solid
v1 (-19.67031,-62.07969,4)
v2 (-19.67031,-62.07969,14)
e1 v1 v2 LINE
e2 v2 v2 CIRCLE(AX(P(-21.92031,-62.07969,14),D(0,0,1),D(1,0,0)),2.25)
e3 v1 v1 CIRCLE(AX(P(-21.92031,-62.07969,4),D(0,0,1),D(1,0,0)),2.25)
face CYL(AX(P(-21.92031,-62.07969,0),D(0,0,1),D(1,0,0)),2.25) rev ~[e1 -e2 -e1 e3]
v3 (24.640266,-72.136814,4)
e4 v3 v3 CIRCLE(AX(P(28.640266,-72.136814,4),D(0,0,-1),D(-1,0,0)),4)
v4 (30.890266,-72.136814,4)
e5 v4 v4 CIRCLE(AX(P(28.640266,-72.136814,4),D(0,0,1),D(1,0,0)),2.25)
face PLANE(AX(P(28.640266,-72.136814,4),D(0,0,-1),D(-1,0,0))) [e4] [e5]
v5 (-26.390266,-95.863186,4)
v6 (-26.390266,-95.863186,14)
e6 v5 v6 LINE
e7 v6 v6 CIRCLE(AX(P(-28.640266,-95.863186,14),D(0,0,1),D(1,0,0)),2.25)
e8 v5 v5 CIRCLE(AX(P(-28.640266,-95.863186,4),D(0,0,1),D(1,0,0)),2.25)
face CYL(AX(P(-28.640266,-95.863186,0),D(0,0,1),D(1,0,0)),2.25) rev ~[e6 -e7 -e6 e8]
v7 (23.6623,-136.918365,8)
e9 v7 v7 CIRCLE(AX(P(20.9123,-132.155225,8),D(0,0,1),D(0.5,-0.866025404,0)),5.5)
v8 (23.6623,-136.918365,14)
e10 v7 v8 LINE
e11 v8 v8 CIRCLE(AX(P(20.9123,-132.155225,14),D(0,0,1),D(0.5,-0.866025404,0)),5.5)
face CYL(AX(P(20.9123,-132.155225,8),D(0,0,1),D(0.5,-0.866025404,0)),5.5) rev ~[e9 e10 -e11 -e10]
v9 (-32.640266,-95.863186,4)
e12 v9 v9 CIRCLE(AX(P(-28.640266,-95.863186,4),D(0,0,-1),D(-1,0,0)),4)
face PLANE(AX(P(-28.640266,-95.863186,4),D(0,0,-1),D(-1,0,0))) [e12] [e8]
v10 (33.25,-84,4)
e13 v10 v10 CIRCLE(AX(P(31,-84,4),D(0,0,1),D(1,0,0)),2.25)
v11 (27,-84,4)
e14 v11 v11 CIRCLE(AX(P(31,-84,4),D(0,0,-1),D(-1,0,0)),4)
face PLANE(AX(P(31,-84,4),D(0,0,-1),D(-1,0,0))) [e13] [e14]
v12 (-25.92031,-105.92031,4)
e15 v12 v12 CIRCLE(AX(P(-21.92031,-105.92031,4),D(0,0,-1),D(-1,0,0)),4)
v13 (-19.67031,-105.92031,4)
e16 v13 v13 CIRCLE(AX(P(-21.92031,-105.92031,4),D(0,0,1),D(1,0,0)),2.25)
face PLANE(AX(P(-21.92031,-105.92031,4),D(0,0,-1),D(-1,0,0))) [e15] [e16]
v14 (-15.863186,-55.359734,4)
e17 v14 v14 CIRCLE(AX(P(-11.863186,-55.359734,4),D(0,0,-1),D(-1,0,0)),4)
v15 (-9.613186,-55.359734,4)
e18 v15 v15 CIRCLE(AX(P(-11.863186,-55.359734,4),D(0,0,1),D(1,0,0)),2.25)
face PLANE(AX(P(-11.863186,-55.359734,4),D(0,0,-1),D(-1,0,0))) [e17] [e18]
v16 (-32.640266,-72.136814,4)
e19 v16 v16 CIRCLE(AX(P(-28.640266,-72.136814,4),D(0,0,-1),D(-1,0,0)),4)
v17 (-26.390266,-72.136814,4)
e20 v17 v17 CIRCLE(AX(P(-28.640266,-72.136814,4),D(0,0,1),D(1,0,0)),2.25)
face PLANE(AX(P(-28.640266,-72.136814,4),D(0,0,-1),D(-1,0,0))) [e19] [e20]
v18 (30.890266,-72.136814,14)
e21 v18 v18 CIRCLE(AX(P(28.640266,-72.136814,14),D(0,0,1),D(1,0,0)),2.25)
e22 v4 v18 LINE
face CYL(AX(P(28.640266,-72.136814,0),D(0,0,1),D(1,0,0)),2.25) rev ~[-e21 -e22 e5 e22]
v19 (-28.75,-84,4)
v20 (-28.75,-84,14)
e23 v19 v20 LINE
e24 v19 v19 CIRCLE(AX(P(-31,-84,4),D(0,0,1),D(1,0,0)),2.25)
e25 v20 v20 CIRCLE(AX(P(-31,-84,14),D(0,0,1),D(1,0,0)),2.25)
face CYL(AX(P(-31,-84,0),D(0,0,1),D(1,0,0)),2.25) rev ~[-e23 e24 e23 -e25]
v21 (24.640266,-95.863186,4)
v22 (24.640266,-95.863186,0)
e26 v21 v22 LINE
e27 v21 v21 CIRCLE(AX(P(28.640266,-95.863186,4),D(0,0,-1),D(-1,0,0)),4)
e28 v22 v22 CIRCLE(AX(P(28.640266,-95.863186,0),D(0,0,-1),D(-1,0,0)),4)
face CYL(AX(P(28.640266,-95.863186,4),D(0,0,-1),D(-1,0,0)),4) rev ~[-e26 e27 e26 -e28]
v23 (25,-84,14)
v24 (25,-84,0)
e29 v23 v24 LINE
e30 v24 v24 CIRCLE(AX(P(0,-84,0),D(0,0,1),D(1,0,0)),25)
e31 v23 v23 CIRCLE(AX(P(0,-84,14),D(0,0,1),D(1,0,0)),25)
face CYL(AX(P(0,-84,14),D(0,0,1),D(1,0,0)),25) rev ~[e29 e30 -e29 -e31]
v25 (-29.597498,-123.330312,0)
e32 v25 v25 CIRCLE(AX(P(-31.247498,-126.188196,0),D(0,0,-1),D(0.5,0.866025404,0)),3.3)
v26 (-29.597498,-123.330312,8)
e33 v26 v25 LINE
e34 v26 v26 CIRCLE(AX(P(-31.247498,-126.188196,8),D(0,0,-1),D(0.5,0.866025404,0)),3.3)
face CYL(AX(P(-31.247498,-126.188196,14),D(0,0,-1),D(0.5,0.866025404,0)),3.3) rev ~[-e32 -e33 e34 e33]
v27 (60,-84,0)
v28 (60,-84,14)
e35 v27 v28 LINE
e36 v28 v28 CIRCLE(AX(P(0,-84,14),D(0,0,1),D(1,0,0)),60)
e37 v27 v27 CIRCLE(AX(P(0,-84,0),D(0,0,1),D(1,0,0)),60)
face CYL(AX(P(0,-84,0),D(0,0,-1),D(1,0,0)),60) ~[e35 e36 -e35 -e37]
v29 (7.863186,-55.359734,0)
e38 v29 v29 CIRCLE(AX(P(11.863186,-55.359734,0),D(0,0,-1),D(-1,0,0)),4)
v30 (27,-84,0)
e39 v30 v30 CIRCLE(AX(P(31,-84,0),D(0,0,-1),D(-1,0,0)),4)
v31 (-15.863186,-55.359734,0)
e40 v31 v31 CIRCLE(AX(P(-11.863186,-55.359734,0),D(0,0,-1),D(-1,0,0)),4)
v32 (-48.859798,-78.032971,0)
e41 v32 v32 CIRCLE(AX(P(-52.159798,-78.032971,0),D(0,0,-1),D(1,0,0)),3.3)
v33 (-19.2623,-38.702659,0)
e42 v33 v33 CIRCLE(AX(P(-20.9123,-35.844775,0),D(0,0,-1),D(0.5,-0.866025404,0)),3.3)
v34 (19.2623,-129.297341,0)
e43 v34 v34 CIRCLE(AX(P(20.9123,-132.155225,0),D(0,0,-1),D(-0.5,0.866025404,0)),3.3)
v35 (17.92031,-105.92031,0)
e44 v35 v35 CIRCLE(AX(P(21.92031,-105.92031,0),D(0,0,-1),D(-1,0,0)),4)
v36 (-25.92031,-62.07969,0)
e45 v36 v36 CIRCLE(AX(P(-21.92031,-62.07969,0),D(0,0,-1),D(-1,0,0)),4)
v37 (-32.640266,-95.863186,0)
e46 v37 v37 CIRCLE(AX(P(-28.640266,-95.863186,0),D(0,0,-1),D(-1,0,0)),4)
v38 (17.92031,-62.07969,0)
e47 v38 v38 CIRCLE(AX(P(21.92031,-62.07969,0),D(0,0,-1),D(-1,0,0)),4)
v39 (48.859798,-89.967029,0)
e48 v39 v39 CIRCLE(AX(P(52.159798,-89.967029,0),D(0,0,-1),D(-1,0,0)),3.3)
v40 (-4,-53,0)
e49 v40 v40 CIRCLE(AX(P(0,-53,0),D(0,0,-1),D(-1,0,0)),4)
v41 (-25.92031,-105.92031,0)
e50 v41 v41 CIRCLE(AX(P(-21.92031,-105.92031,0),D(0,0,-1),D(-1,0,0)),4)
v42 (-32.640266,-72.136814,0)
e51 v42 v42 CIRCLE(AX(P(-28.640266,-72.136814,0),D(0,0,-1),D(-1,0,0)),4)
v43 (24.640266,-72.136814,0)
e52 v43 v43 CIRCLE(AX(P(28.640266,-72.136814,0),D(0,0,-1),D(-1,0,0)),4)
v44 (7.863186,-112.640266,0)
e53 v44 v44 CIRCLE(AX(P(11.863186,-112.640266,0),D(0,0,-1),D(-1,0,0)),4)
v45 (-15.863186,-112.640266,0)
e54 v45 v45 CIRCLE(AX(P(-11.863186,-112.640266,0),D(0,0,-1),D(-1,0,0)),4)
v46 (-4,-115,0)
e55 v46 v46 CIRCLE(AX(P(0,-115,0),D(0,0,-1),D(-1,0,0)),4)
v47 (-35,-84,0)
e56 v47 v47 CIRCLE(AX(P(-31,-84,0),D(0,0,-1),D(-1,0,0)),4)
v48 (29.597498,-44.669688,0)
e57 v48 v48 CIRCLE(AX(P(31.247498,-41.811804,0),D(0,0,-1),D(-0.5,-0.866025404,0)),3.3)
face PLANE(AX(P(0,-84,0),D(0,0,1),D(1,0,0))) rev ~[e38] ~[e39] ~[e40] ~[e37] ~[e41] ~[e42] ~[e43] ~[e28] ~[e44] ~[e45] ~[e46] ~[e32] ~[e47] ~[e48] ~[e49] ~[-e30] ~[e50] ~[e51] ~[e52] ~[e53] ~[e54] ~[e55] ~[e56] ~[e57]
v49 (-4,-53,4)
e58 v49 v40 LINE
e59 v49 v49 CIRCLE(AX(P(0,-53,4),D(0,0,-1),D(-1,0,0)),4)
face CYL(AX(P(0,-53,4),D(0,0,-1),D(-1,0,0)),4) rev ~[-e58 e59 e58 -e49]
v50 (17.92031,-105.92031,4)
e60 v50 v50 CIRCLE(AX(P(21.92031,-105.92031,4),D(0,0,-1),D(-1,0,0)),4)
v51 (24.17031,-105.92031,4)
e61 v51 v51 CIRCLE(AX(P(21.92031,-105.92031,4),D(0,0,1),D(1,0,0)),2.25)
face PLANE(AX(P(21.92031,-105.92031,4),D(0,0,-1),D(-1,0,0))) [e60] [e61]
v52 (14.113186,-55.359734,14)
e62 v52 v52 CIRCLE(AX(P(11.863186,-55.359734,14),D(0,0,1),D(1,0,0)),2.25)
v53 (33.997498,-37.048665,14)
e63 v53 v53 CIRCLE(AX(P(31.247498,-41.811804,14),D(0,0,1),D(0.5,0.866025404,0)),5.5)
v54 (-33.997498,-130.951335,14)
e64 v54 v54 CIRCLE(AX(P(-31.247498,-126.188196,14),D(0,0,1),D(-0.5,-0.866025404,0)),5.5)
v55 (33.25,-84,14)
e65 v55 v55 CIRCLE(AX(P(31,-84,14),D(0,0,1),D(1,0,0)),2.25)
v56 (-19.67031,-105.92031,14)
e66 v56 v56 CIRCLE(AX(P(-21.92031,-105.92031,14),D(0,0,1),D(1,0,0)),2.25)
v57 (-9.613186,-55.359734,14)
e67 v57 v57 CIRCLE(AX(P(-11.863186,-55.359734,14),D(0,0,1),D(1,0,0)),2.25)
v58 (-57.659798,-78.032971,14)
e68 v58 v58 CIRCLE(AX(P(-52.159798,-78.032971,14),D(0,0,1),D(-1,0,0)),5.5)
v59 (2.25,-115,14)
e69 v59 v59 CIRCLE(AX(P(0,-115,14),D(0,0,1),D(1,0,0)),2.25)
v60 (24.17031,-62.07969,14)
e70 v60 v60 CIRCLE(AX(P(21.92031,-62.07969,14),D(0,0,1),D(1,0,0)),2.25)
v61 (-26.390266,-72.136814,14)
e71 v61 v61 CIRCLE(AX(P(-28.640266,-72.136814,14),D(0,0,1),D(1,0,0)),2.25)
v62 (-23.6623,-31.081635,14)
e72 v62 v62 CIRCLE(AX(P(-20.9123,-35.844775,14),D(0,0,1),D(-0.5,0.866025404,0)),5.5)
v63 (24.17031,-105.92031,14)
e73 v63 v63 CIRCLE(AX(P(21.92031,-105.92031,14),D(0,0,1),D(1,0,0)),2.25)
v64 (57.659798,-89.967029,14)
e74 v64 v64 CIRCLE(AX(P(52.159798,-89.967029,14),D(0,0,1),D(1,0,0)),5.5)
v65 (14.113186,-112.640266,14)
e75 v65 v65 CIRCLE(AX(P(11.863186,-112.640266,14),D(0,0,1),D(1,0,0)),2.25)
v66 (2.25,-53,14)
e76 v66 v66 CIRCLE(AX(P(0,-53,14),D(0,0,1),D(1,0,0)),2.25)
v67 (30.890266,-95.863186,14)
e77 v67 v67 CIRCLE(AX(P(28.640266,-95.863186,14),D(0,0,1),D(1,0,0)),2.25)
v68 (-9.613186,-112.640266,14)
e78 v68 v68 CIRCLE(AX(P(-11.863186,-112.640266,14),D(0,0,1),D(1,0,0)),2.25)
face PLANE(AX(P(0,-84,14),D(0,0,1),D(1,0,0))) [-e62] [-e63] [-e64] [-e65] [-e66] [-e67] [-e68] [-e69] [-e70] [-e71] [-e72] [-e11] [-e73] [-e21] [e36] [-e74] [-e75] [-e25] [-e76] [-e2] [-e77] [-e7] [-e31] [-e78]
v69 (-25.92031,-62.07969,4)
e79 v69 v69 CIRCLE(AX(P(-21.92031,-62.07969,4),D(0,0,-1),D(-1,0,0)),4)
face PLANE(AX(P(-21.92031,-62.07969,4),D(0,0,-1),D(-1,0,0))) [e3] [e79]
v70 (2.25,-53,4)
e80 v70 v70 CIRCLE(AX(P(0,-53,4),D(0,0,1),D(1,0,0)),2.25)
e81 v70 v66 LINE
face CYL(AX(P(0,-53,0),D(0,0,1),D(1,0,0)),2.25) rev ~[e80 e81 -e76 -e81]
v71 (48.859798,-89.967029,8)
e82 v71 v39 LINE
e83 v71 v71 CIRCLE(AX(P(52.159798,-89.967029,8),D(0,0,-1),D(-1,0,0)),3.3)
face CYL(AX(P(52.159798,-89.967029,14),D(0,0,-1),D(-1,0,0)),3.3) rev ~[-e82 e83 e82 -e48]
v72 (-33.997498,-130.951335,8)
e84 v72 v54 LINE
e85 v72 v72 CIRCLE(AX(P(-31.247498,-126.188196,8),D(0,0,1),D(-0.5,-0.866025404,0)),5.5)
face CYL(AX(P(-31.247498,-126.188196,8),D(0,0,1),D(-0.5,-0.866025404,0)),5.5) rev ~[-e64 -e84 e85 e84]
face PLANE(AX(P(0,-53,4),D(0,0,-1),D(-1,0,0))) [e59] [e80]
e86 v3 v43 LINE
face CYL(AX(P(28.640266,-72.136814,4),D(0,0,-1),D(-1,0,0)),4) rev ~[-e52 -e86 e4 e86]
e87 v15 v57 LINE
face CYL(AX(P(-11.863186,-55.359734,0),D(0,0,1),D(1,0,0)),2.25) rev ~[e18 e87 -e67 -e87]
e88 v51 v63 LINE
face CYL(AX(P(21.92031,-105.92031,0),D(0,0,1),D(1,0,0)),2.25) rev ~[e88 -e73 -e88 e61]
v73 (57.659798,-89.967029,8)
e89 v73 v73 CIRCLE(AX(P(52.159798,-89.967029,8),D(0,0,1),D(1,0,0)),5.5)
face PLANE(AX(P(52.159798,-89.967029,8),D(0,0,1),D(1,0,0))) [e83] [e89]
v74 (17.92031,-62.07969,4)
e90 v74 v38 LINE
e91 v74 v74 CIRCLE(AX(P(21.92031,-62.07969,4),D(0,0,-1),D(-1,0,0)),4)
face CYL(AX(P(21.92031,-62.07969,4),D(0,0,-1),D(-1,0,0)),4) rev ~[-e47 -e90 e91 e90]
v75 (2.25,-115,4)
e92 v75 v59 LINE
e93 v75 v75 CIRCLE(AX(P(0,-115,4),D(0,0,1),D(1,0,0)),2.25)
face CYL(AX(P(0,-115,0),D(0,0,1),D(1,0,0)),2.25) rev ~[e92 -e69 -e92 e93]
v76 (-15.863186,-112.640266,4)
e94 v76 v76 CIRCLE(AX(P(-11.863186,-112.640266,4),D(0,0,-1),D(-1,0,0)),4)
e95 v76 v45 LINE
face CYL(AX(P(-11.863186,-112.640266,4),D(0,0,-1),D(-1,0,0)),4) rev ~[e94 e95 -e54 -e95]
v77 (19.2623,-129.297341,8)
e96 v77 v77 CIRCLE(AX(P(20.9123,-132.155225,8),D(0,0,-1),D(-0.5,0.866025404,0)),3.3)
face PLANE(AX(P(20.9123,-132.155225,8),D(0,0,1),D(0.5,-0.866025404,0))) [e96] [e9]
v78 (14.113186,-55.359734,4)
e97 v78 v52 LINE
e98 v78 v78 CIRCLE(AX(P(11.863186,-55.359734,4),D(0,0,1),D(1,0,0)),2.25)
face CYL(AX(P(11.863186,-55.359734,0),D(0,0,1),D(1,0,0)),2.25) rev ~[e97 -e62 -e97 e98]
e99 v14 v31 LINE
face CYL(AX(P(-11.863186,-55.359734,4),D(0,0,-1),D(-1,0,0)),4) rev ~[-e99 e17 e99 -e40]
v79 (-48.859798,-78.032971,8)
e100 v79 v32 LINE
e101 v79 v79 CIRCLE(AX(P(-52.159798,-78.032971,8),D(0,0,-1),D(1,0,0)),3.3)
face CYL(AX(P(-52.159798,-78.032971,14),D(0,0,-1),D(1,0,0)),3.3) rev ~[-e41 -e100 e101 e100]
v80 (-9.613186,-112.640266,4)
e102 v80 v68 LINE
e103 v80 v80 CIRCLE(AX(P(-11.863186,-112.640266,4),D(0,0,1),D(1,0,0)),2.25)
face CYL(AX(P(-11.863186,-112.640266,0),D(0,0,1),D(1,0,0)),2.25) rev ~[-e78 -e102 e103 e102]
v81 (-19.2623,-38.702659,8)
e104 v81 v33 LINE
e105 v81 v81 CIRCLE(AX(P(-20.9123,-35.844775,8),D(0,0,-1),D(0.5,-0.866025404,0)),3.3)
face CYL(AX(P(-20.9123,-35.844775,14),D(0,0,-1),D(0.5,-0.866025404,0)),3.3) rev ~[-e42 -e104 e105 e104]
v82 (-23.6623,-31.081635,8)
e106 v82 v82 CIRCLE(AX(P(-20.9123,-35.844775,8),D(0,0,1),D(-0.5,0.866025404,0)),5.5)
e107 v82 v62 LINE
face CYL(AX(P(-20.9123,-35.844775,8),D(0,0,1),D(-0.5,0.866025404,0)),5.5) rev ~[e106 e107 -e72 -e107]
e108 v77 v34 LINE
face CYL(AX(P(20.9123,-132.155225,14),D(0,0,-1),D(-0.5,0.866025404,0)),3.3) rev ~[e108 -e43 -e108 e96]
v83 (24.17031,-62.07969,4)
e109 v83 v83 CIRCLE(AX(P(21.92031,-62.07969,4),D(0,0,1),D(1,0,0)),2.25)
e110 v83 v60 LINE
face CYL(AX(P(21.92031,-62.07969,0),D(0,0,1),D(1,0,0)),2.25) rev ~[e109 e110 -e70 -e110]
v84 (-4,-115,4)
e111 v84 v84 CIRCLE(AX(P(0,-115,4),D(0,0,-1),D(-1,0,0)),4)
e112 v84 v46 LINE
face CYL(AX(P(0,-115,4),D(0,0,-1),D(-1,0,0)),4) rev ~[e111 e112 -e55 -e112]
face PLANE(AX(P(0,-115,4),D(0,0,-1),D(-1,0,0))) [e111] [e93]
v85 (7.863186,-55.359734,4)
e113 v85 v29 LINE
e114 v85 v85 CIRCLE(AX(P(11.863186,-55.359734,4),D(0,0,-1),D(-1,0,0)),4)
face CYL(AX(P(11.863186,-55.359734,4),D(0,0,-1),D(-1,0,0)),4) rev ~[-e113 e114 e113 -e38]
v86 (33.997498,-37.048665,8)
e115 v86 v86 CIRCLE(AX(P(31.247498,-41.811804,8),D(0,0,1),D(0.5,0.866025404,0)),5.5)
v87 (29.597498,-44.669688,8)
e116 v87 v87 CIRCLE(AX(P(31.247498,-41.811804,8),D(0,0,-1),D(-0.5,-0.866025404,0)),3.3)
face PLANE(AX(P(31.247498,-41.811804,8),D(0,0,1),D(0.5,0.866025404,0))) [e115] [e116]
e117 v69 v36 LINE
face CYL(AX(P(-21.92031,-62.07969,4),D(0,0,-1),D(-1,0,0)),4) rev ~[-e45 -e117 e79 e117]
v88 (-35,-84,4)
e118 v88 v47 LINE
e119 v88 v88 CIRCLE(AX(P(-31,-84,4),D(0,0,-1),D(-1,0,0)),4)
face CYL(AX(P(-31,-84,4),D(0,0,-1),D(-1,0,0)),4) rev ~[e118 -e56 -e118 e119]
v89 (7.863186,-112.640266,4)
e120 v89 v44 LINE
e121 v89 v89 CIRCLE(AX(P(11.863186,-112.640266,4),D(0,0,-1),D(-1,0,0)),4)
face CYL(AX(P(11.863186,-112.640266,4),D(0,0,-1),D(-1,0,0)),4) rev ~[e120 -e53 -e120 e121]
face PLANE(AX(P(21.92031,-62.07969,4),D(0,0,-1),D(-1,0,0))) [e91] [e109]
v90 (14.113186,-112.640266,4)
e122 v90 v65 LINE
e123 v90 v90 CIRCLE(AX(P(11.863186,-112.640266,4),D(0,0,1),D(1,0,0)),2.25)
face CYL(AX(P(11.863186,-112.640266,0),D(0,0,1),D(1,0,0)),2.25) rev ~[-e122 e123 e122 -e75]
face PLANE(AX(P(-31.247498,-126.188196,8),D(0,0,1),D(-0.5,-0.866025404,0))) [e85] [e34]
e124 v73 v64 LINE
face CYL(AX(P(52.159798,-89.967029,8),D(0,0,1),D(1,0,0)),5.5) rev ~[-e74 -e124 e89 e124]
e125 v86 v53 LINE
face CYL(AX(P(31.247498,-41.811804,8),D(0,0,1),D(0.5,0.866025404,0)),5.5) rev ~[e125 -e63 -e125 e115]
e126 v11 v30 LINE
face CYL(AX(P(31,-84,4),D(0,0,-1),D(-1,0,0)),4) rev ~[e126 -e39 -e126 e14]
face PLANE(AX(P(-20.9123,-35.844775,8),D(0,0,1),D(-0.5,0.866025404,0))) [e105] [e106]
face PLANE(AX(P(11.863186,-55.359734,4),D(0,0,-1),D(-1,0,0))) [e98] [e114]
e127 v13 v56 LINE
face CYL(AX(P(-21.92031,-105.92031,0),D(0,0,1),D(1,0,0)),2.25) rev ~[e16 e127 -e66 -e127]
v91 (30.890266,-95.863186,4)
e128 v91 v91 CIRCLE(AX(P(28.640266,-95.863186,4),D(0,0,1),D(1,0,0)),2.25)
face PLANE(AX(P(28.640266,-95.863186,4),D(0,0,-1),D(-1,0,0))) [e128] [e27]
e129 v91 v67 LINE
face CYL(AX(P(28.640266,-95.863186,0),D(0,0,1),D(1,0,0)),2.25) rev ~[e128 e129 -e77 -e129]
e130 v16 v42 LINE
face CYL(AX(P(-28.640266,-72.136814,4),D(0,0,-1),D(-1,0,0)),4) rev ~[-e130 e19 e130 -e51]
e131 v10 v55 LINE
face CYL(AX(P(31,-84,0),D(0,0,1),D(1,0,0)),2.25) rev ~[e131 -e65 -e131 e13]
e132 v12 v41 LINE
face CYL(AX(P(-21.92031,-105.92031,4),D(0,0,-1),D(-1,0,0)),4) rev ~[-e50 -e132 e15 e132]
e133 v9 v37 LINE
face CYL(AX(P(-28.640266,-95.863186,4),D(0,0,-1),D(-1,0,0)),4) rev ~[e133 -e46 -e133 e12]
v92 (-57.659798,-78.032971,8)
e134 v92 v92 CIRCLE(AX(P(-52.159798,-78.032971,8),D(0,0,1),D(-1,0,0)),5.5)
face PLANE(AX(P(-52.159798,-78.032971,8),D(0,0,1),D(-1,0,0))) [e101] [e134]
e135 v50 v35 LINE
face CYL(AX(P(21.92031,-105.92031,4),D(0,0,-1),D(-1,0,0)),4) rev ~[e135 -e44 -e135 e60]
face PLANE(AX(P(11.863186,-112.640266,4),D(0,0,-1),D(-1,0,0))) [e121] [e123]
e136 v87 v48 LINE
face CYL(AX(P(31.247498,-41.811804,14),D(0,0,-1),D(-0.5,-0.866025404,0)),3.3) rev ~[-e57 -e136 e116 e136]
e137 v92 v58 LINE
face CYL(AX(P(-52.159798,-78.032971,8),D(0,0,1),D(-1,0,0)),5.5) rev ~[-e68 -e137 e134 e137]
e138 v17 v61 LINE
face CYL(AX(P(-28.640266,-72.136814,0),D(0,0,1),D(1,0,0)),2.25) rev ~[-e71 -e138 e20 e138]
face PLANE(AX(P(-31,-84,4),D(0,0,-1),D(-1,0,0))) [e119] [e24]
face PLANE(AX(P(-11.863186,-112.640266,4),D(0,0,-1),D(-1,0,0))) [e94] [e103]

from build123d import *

# Parameters (mm, degrees)
SKETCH_2_R                   = 60
EXTRUDE_1_DEPTH              = 14
HOLE_WIZARD_M6_1_D           = 6.6
HOLE_WIZARD_M6_1_CBORE_D     = 11
HOLE_WIZARD_M6_1_CBORE_DEPTH = 6
PATTERN_CIRCULAR_1_COUNT     = 6
HOLE_WIZARD_M4_1_D           = 4.5
HOLE_WIZARD_M4_1_CBORE_D     = 8
HOLE_WIZARD_M4_1_CBORE_DEPTH = 4
SKETCH_9_R                   = 25
CUT_EXTRUDE_1_DEPTH          = 15


with BuildPart() as part:
    # 草圖2 → 填料-伸長1 (new body)
    with BuildSketch(Plane.XY):
        with Locations((0, -84)):
            Circle(SKETCH_2_R)
    extrude(amount=EXTRUDE_1_DEPTH)

    # M6 承窩頭蓋螺釘的柱孔1 (through all)
    with Locations(Plane.XY.offset(14)):
        with Locations((52.159798329, -89.96702927)):
            hole_wizard_m6_1 = CounterBoreHole(HOLE_WIZARD_M6_1_D / 2, HOLE_WIZARD_M6_1_CBORE_D / 2, HOLE_WIZARD_M6_1_CBORE_DEPTH)

    # 環狀複製排列1: M6 承窩頭蓋螺釘的柱孔1 ×6 about axis
    pattern_circular_1_axis = Axis((0, -84, 0), (0, 0, 1))
    for i in range(1, PATTERN_CIRCULAR_1_COUNT):
        add(hole_wizard_m6_1.rotate(pattern_circular_1_axis, i * 360 / PATTERN_CIRCULAR_1_COUNT), mode=Mode.SUBTRACT)

    # M4 承窩頭蓋螺釘的柱孔1 (through all)
    with Locations(Plane(origin=(0, 0, 0), x_dir=(-1, 0, 0), z_dir=(0, 0, -1))):
        with Locations((0, -53), (-11.863186403, -55.359734492), (-21.920310217, -62.079689783), (-28.640265508, -72.136813597), (-31, -84), (-28.640265508, -95.863186403), (-21.920310217, -105.920310217), (-11.863186403, -112.640265508), (0, -115), (11.863186403, -112.640265508), (21.920310217, -105.920310217), (28.640265508, -95.863186403), (31, -84), (28.640265508, -72.136813597), (21.920310217, -62.079689783), (11.863186403, -55.359734492)):
            CounterBoreHole(HOLE_WIZARD_M4_1_D / 2, HOLE_WIZARD_M4_1_CBORE_D / 2, HOLE_WIZARD_M4_1_CBORE_DEPTH)

    # 草圖9 → 除料-伸長1 (cut, through all)
    with BuildSketch(Plane.XY.offset(14)):
        with Locations((0, -84)):
            Circle(SKETCH_9_R)
    extrude(amount=-CUT_EXTRUDE_1_DEPTH, mode=Mode.SUBTRACT)


solid = part.part
